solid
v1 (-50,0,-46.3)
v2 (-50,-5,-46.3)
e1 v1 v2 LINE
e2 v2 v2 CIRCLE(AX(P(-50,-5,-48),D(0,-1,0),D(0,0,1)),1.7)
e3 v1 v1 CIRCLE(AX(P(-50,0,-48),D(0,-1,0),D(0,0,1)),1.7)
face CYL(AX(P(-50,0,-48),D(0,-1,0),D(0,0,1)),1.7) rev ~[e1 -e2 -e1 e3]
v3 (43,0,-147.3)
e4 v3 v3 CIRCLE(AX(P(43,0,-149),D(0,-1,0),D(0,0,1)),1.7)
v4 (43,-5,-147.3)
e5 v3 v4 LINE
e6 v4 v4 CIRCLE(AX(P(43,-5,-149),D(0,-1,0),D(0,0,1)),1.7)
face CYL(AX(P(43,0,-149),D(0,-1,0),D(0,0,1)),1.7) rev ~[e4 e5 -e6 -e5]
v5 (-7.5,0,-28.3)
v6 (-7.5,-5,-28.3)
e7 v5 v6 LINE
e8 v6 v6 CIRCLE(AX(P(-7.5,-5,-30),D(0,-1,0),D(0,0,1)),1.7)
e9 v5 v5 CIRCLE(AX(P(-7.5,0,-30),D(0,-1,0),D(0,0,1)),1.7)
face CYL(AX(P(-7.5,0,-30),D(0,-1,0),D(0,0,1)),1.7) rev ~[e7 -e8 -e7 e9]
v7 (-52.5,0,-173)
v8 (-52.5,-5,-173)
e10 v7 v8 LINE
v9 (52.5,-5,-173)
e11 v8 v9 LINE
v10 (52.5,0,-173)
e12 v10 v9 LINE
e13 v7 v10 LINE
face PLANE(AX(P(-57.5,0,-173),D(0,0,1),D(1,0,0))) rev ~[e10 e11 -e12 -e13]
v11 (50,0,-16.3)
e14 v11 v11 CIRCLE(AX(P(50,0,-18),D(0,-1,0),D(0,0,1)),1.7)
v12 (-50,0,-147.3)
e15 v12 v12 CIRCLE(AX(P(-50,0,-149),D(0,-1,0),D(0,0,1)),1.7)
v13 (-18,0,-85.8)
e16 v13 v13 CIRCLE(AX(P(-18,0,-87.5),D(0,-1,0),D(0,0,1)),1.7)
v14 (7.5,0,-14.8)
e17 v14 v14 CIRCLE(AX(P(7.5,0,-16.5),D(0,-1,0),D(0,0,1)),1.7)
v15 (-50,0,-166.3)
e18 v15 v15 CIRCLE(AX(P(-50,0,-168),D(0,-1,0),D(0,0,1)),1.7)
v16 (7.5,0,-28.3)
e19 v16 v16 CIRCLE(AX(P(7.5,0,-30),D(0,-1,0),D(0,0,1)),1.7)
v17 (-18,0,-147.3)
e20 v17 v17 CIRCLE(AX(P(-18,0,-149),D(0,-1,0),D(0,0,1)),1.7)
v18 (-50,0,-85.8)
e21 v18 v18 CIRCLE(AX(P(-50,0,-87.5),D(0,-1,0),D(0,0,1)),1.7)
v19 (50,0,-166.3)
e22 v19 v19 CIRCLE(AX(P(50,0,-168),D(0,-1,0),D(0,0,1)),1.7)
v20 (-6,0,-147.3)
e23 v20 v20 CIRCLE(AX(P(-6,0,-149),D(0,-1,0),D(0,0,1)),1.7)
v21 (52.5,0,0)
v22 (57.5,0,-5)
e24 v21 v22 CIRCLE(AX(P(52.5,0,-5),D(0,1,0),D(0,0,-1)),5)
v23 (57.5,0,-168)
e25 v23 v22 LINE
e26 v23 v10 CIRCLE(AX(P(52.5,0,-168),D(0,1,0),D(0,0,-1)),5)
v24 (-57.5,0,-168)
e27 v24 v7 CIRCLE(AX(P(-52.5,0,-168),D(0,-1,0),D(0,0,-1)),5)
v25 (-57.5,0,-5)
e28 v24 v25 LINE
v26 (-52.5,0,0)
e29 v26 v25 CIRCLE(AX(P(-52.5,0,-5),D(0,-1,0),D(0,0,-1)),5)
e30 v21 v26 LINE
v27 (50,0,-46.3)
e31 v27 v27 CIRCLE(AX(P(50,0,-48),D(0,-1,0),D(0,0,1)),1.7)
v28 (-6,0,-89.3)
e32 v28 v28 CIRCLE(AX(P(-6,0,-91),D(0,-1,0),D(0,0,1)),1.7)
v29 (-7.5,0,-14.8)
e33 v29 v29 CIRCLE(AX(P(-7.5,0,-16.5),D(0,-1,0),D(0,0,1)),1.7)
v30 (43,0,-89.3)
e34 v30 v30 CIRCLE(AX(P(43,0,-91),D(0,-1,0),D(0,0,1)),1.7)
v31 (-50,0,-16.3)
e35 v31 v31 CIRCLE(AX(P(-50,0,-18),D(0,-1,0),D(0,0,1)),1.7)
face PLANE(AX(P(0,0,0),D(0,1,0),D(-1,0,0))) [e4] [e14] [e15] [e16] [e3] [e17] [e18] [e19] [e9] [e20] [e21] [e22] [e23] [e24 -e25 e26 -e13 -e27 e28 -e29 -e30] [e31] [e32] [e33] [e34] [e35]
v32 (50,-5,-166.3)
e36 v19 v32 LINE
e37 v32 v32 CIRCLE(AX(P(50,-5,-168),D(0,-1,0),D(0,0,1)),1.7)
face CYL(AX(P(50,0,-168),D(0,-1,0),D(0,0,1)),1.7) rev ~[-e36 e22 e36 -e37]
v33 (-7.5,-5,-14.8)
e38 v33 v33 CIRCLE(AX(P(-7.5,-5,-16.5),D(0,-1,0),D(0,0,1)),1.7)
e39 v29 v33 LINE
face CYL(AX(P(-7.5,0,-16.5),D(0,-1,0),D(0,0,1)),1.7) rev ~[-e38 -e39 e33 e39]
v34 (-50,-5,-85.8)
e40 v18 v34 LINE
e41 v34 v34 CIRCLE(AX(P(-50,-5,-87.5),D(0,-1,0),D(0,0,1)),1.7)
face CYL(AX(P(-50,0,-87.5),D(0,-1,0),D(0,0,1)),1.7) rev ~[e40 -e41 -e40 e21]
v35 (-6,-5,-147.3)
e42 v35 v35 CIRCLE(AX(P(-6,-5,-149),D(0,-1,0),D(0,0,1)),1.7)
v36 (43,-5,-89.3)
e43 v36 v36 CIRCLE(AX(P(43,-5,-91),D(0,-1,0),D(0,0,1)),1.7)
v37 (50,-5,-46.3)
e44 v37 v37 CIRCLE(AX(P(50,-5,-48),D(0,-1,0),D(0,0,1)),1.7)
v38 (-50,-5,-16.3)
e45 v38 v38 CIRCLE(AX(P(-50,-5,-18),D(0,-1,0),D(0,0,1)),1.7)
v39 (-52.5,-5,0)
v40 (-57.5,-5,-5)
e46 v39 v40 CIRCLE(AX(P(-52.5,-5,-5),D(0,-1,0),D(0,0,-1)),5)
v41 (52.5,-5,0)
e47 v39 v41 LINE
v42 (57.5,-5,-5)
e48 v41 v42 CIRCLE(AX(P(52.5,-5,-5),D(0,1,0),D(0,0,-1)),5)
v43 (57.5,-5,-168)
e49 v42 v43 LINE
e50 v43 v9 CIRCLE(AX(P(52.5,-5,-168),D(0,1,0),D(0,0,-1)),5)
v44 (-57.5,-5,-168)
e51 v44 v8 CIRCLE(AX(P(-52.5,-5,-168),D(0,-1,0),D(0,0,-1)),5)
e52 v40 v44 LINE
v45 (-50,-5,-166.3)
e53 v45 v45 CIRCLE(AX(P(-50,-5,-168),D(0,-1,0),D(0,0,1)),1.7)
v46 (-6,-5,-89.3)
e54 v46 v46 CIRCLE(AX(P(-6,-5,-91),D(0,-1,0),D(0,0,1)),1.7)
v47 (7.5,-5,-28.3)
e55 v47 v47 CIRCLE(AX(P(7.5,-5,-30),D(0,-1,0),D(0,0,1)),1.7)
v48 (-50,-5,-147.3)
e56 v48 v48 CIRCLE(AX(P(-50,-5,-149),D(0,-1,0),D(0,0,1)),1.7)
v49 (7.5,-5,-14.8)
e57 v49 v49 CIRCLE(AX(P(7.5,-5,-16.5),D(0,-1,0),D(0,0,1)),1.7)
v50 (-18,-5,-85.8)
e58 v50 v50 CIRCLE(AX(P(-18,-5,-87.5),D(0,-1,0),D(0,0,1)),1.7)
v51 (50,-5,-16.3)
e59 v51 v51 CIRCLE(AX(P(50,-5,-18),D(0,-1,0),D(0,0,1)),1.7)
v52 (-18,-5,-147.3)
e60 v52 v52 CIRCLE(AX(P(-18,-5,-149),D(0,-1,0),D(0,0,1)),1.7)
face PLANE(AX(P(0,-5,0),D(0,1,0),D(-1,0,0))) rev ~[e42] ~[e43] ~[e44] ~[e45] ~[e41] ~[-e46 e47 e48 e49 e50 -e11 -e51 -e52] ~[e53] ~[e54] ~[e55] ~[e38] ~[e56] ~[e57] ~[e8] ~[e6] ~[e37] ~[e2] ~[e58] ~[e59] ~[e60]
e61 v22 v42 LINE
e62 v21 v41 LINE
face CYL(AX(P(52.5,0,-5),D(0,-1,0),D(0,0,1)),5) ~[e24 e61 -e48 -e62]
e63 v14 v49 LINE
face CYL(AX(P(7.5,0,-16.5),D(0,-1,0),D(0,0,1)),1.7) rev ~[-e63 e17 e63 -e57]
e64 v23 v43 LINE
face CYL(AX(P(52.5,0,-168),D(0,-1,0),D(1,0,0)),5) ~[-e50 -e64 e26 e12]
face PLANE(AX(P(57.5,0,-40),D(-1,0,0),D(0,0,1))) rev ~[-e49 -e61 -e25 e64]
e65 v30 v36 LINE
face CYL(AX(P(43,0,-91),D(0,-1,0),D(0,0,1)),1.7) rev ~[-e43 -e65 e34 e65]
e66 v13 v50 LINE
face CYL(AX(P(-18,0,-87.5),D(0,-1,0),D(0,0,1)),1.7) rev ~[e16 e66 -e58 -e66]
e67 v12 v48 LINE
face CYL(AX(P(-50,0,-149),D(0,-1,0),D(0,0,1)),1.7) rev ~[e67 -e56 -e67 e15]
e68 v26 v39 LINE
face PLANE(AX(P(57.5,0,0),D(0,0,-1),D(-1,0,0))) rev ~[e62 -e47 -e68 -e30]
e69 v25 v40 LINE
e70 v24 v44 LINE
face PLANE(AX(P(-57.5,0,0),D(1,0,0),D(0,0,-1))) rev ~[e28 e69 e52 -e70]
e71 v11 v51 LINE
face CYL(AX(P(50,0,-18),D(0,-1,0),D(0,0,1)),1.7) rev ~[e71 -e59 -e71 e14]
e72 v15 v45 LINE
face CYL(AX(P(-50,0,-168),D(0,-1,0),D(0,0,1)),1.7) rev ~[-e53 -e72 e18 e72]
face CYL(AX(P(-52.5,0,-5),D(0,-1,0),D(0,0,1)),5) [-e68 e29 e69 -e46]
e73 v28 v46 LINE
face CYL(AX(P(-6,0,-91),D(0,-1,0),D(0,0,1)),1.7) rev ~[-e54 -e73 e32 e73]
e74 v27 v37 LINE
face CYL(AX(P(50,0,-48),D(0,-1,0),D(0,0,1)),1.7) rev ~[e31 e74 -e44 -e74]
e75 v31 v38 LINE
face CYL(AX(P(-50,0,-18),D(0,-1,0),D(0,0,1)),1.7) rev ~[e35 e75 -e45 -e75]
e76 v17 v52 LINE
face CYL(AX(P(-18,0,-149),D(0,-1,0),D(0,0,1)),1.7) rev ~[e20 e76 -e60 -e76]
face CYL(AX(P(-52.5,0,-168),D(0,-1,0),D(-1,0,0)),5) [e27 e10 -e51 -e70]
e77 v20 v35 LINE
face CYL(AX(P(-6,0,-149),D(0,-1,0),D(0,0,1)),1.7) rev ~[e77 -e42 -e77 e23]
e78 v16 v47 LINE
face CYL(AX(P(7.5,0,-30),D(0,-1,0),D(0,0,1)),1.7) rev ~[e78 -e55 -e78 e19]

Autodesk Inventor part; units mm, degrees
ref_plane "YZ Plane" through (0, 0, 0) normal (1, 0, 0) x (0, 1, 0)
ref_plane "XZ Plane" through (0, 0, 0) normal (0, 1, 0) x (-1, 0, 0)
ref_plane "XY Plane" through (0, 0, 0) normal (0, 0, 1) x (1, 0, 0)
sketch "Sketch1" plane through (0, 0, 0) normal (0, 1, 0) x (-1, 0, 0)
  line L0 (57.5, -173) -> (57.5, -173) construction
  line L1 (-57.5, -173) -> (-57.5, 0) construction
  line L2 (-57.5, 0) -> (57.5, 0)
  line L3 (57.5, 0) -> (57.5, -173) construction
  line L4 (80.5, 0) -> (-80.5, 0) construction
  line L5 (0, -207.6) -> (0, 34.6) construction
  line L6 (57.5, -173) -> (-57.5, -173)
  line L7 (-57.5, -173) -> (-57.5, -173) construction
  line L8 (57.5, 0) -> (-55.1767, 0)
  line L9 (57.5, -40) -> (-57.5, -40) construction
  line L10 (-57.5, -40) -> (-57.5, 0)
  line L11 (-57.5, 0) -> (57.5, 0)
  line L12 (57.5, 0) -> (57.5, -40)
  line L13 (-57.5, -173) -> (-57.5, -40)
  line L14 (57.5, -173) -> (57.5, -40)
  point P0 (0, 0)
  dimension "width" = 115
  dimension "Length" = 173
  dimension "d2" = 115
  dimension "d112" = 40
extrude "Base" add sketch "Sketch1" against normal blind 5
sketch "Sketch11" plane through (0, 0, 0) normal (0, 1, 0) x (1, 0, 0)
  line L0 (0, 207.6) -> (0, -34.6) construction
  line L1 (-57.5, 0) -> (57.5, 0) construction
  line L2 (57.5, 173) -> (-57.5, 173) projected
  line L3 (-50, 18) -> (50, 18) construction
  line L4 (50, 18) -> (50, 48) construction
  line L5 (50, 48) -> (-50, 48) construction
  line L6 (-50, 48) -> (-50, 18) construction
  point P0 (0, 0)
  point P1 (50, 168)
  point P2 (-50, 168)
  dimension "d91" = 18
  dimension "d92" = 50
  dimension "d93" = 5
  dimension "d94" = 50
  dimension "d113" = 30
hole "Mounting Holes" at (50, 0, -18) at (-50, 0, -18) at (50, 0, -168) at (-50, 0, -168) at (-50, 0, -48) at (50, 0, -48) direction (0, -1, 0) diameter 3.4 depth 6
fillet "Fillet1" radius 5 4 edges at (-57.5, -2.5, 0) (57.5, -2.5, -173) (-57.5, -2.5, -173) (57.5, -2.5, 0)
sketch "Sketch12" plane through (0, 0, 0) normal (0, 1, 0) x (1, 0, 0)
  line L0 (-6, 149) -> (43, 149) construction
  line L1 (43, 149) -> (43, 91) construction
  line L2 (43, 91) -> (-6, 91) construction
  line L3 (-6, 91) -> (-6, 149) construction
  line L4 (-57.5, 168) -> (-57.5, 5) projected
  line L5 (0, 207.6) -> (0, -34.6) projected
  line L6 (-52.5, 0) -> (52.5, 0) projected
  circle A0 centre (-50, 48) radius 1.7 projected
  line L7 (52.5, 173) -> (-52.5, 173) projected
  circle A1 centre (50, 48) radius 1.7 projected
  circle A2 centre (50, 168) radius 1.7 projected
  point P0 (0, 0)
  point P1 (0, 0)
  point P2 (52.2987, 0)
  point P3 (-57.5, 40)
  point P4 (0, 0)
  dimension "d104" = 58
  dimension "d263" = 24
  dimension "d266" = 49
  dimension "d267" = 7
hole "RasPi Mounting Holes" at (-6, 0, -149) at (43, 0, -149) at (43, 0, -91) at (-6, 0, -91) direction (0, -1, 0) diameter 3.4 depth 6
sketch "Sketch15" plane through (0, 0, 0) normal (0, 1, 0) x (1, 0, 0)
  line L0 (-18, 149) -> (-18, 87.5) construction
  line L1 (-18, 87.5) -> (-50, 87.5) construction
  line L2 (-50, 87.5) -> (-50, 149) construction
  line L3 (-50, 149) -> (-18, 149) construction
  line L4 (-52.5, 0) -> (52.5, 0) projected
  circle A0 centre (43, 149) radius 1.7 projected
  circle A1 centre (50, 48) radius 1.7 projected
  circle A2 centre (-50, 48) radius 1.7 projected
  point P0 (0, 0)
  point P1 (0, 0)
  dimension "d122" = 32
  dimension "d123" = 61.5
hole "LM2596 Mounting Holes" at (-18, 0, -149) at (-18, 0, -87.5) at (-50, 0, -87.5) at (-50, 0, -149) direction (0, -1, 0) diameter 3.4 depth 6
sketch "Sketch16" plane through (0, 0, 0) normal (0, 1, 0) x (1, 0, 0)
  line L0 (-7.5, 16.5) -> (7.5, 16.5) construction
  line L1 (7.5, 16.5) -> (7.5, 30) construction
  line L2 (7.5, 30) -> (-7.5, 30) construction
  line L3 (-7.5, 30) -> (-7.5, 16.5) construction
  line L4 (52.5, 173) -> (-52.5, 173) projected
  line L5 (-52.5, 0) -> (52.5, 0) projected
  point P0 (0, 0)
  point P1 (0, 30)
  point P2 (0, 173)
  dimension "d132" = 15
  dimension "d133" = 13.5
  dimension "d264" = 16.5
hole "Camera Mount Mounting Holes" at (-7.5, 0, -30) at (-7.5, 0, -16.5) at (7.5, 0, -16.5) at (7.5, 0, -30) direction (0, -1, 0) diameter 3.4 depth 6
sketch "Sketch17" plane through (0, 0, 0) normal (0, 1, 0) x (1, 0, 0)
  spline S0 degree 4 poles (20.2958, 49.4851) (20.6789, 48.9084) (23.4396, 47.5095) (25.9197, 47.6138) (27.8901, 48.6422) (29.1867, 50.3145) (29.4114, 52.1793) (28.5047, 55.2295) (25.5201, 55.758) (20.7186, 56.8474) (23.8724, 60.2591) (26.3838, 58.5227) (28.1257, 57.2645) knots 0 0 0 0 0 0.20272 0.281354 0.355201 0.433006 0.519581 0.610324 0.697239 0.780233 1 1 1 1 1
  line L0 (28.1257, 57.2645) -> (29.7111, 59.2874)
  line L1 (20.2958, 49.4851) -> (21.6797, 51.6642)
  spline S1 degree 4 poles (21.6797, 51.6642) (22.294, 51.399) (22.8002, 50.5746) (25.5673, 49.8354) (26.8617, 51.423) (26.2496, 52.8197) (24.0458, 53.1534) (23.329, 53.4897) (21.3928, 54.1292) (20.3004, 55.4262) (19.7305, 56.5103) (20.0555, 59.7919) (23.1279, 61.9518) (27.765, 61.4454) (29.2944, 59.5103) (29.7111, 59.2874) knots 0 0 0 0 0 0.144957 0.205265 0.266901 0.324627 0.385746 0.449033 0.50901 0.575778 0.647334 0.728378 0.816759 1 1 1 1 1
  line L2 (19.0392, 48.0812) -> (19.0392, 61.1238)
  line L3 (19.0392, 61.1238) -> (16.3103, 61.1165)
  line L4 (16.3103, 61.1165) -> (16.3103, 57.2645)
  line L5 (16.3005, 50.6209) -> (16.3005, 54.6823)
  line L6 (16.3005, 54.6823) -> (13.9834, 54.6823)
  line L7 (16.3005, 50.6209) -> (13.9834, 50.6209)
  line L8 (19.0392, 48.0812) -> (13.9055, 48.0812)
  line L9 (16.3103, 57.2645) -> (13.9055, 57.2645)
  spline S2 degree 4 poles (13.9055, 48.0812) (12.4379, 47.8667) (9.7187, 48.6838) (8.9871, 53.4702) (10.0145, 55.7471) (11.812, 57.3277) (13.9055, 57.2645) knots 0 0 0 0 0 0.42418 0.584268 1 1 1 1 1
  spline S3 degree 4 poles (13.9834, 50.6209) (12.498, 50.3895) (10.979, 52.4191) (12.1531, 54.6206) (13.9834, 54.6823) knots 0 0 0 0 0 1 1 1 1 1
  line L10 (5.611, 51.8606) -> (5.611, 61.1378)
  line L11 (5.611, 61.1378) -> (2.2951, 61.1378)
  line L12 (2.2951, 61.1378) -> (2.2951, 60.9623)
  line L13 (2.2951, 60.9623) -> (2.2951, 57.2161)
  line L14 (2.2951, 57.2161) -> (0.5839, 57.2161)
  line L15 (0.5839, 57.2161) -> (-1.936, 61.1378)
  line L16 (-1.936, 61.1378) -> (-5.9376, 61.1378)
  line L17 (-5.9376, 61.1378) -> (-3.4177, 57.2161)
  line L18 (5.611, 51.8606) -> (2.2951, 51.8606)
  line L19 (2.2951, 51.8606) -> (2.2951, 53.8306)
  line L20 (2.2951, 53.8306) -> (-1.6405, 53.8306)
  line L21 (-1.6405, 53.8306) -> (-1.6405, 51.2415)
  line L22 (-1.6405, 51.2415) -> (5.611, 51.2415)
  line L23 (5.611, 51.2415) -> (5.611, 47.9336)
  line L24 (5.611, 47.9336) -> (-3.7057, 47.9336)
  line L25 (-5.0121, 49.3829) -> (-5.0121, 55.5531)
  arc A0 (-3.4177, 57.2161) -> (-5.0121, 55.5531) centre (-3.281, 55.4892) ccw
  arc A1 (-5.0121, 49.3829) -> (-3.7057, 47.9336) centre (-2.6718, 50.1788) ccw
  line L26 (-6.9039, 47.9336) -> (-10.2687, 47.9336)
  line L27 (-10.2687, 47.9336) -> (-10.2687, 61.1378)
  line L28 (-10.2687, 61.1378) -> (-6.9039, 61.1378)
  line L29 (-6.9039, 61.1378) -> (-6.9039, 47.9336)
  line L30 (-11.8026, 47.9336) -> (-11.8026, 51.2415)
  line L31 (-11.8026, 51.2415) -> (-15.1713, 51.2415)
  line L32 (-15.1713, 51.2415) -> (-15.1713, 61.1378)
  line L33 (-15.1713, 61.1378) -> (-18.4823, 61.1378)
  line L34 (-18.4823, 61.1378) -> (-18.4823, 47.9336)
  line L35 (-18.4823, 47.9336) -> (-11.8026, 47.9336)
  line L36 (-19.0962, 47.9336) -> (-19.0962, 51.2415)
  line L37 (-19.0962, 51.2415) -> (-21.5406, 51.2415)
  line L38 (-21.5406, 51.2415) -> (-23.787, 47.9336)
  line L39 (-23.787, 47.9336) -> (-19.0962, 47.9336)
  line L40 (-24.4617, 47.9274) -> (-24.4617, 61.1378)
  line L41 (-24.4617, 61.1378) -> (-27.7836, 61.1378)
  line L42 (-27.7836, 61.1378) -> (-27.7836, 47.9274)
  line L43 (-27.7836, 47.9274) -> (-24.4617, 47.9274)
  line L44 (-28.3589, 52.8456) -> (-28.3589, 56.1975)
  line L45 (-28.3589, 56.1975) -> (-30.851, 56.1975)
  line L46 (-30.851, 52.8456) -> (-28.3589, 52.8456)
  line L47 (-27.7836, 47.9274) -> (-27.7836, 51.2654)
  line L48 (-27.7836, 51.2654) -> (-32.8922, 51.2654)
  line L49 (-32.8922, 47.9274) -> (-27.7836, 47.9274)
  line L50 (-32.8922, 47.9274) -> (-35.0606, 51.2654)
  line L51 (-35.0606, 51.2654) -> (-32.8922, 51.2654)
  line L52 (-30.851, 52.8456) -> (-33.0635, 52.8734)
  line L53 (-33.0635, 52.8734) -> (-30.851, 56.1975)
  line L54 (-27.7836, 57.7985) -> (-35.0607, 57.7985)
  line L55 (-35.0607, 57.7985) -> (-32.8922, 61.1378)
  line L56 (-32.8922, 61.1378) -> (-27.7836, 61.1378)
  point P0 (21.8312, 48.4826)
  point P1 (24.6762, 47.7793)
  point P2 (27.8239, 48.7935)
  point P3 (29.2122, 52.0376)
  point P4 (25.048, 55.8974)
  point P5 (22.697, 57.0989)
  point P6 (22.9251, 58.2765)
  point P7 (24.696, 58.9116)
  point P8 (28.2025, 54.5741)
  point P9 (28.8947, 50.19)
  point P10 (26.5311, 48.0478)
  point P11 (22.4682, 51.1588)
  point P12 (23.9337, 50.486)
  point P13 (25.8462, 50.5785)
  point P14 (26.5371, 51.481)
  point P15 (26.0534, 52.5205)
  point P16 (24.2764, 53.1685)
  point P17 (23.1794, 53.5189)
  point P18 (21.5574, 54.2619)
  point P19 (20.447, 55.336)
  point P20 (19.9671, 56.4765)
  point P21 (20.2871, 59.0572)
  point P22 (22.4689, 61.0346)
  point P23 (26.4542, 61.1331)
  point P24 (29.0183, 59.8364)
  point P25 (11.4211, 48.5559)
  point P26 (9.78, 50.5097)
  point P27 (9.4515, 53.0365)
  point P28 (9.8728, 54.8339)
  point P29 (11.0323, 56.3265)
  point P30 (12.7057, 51.0411)
  point P31 (12.0375, 52.3737)
  point P32 (12.4422, 53.8787)
  point P33 (-27.7836, 51.2654)
  point P34 (-3.281, 55.4892)
extrude "SP RITE Logo" [suppressed]
equation "\"d2\" = width"
equation "\"d94\" = d92"
equation "\"d95\" = HoleDia"
equation "\"d105\" = HoleDia"
equation "\"d125\" = HoleDia"
equation "\"d135\" = HoleDia"
equation "\"HoleDia\" = 3.4"
properties part number "top plate"
